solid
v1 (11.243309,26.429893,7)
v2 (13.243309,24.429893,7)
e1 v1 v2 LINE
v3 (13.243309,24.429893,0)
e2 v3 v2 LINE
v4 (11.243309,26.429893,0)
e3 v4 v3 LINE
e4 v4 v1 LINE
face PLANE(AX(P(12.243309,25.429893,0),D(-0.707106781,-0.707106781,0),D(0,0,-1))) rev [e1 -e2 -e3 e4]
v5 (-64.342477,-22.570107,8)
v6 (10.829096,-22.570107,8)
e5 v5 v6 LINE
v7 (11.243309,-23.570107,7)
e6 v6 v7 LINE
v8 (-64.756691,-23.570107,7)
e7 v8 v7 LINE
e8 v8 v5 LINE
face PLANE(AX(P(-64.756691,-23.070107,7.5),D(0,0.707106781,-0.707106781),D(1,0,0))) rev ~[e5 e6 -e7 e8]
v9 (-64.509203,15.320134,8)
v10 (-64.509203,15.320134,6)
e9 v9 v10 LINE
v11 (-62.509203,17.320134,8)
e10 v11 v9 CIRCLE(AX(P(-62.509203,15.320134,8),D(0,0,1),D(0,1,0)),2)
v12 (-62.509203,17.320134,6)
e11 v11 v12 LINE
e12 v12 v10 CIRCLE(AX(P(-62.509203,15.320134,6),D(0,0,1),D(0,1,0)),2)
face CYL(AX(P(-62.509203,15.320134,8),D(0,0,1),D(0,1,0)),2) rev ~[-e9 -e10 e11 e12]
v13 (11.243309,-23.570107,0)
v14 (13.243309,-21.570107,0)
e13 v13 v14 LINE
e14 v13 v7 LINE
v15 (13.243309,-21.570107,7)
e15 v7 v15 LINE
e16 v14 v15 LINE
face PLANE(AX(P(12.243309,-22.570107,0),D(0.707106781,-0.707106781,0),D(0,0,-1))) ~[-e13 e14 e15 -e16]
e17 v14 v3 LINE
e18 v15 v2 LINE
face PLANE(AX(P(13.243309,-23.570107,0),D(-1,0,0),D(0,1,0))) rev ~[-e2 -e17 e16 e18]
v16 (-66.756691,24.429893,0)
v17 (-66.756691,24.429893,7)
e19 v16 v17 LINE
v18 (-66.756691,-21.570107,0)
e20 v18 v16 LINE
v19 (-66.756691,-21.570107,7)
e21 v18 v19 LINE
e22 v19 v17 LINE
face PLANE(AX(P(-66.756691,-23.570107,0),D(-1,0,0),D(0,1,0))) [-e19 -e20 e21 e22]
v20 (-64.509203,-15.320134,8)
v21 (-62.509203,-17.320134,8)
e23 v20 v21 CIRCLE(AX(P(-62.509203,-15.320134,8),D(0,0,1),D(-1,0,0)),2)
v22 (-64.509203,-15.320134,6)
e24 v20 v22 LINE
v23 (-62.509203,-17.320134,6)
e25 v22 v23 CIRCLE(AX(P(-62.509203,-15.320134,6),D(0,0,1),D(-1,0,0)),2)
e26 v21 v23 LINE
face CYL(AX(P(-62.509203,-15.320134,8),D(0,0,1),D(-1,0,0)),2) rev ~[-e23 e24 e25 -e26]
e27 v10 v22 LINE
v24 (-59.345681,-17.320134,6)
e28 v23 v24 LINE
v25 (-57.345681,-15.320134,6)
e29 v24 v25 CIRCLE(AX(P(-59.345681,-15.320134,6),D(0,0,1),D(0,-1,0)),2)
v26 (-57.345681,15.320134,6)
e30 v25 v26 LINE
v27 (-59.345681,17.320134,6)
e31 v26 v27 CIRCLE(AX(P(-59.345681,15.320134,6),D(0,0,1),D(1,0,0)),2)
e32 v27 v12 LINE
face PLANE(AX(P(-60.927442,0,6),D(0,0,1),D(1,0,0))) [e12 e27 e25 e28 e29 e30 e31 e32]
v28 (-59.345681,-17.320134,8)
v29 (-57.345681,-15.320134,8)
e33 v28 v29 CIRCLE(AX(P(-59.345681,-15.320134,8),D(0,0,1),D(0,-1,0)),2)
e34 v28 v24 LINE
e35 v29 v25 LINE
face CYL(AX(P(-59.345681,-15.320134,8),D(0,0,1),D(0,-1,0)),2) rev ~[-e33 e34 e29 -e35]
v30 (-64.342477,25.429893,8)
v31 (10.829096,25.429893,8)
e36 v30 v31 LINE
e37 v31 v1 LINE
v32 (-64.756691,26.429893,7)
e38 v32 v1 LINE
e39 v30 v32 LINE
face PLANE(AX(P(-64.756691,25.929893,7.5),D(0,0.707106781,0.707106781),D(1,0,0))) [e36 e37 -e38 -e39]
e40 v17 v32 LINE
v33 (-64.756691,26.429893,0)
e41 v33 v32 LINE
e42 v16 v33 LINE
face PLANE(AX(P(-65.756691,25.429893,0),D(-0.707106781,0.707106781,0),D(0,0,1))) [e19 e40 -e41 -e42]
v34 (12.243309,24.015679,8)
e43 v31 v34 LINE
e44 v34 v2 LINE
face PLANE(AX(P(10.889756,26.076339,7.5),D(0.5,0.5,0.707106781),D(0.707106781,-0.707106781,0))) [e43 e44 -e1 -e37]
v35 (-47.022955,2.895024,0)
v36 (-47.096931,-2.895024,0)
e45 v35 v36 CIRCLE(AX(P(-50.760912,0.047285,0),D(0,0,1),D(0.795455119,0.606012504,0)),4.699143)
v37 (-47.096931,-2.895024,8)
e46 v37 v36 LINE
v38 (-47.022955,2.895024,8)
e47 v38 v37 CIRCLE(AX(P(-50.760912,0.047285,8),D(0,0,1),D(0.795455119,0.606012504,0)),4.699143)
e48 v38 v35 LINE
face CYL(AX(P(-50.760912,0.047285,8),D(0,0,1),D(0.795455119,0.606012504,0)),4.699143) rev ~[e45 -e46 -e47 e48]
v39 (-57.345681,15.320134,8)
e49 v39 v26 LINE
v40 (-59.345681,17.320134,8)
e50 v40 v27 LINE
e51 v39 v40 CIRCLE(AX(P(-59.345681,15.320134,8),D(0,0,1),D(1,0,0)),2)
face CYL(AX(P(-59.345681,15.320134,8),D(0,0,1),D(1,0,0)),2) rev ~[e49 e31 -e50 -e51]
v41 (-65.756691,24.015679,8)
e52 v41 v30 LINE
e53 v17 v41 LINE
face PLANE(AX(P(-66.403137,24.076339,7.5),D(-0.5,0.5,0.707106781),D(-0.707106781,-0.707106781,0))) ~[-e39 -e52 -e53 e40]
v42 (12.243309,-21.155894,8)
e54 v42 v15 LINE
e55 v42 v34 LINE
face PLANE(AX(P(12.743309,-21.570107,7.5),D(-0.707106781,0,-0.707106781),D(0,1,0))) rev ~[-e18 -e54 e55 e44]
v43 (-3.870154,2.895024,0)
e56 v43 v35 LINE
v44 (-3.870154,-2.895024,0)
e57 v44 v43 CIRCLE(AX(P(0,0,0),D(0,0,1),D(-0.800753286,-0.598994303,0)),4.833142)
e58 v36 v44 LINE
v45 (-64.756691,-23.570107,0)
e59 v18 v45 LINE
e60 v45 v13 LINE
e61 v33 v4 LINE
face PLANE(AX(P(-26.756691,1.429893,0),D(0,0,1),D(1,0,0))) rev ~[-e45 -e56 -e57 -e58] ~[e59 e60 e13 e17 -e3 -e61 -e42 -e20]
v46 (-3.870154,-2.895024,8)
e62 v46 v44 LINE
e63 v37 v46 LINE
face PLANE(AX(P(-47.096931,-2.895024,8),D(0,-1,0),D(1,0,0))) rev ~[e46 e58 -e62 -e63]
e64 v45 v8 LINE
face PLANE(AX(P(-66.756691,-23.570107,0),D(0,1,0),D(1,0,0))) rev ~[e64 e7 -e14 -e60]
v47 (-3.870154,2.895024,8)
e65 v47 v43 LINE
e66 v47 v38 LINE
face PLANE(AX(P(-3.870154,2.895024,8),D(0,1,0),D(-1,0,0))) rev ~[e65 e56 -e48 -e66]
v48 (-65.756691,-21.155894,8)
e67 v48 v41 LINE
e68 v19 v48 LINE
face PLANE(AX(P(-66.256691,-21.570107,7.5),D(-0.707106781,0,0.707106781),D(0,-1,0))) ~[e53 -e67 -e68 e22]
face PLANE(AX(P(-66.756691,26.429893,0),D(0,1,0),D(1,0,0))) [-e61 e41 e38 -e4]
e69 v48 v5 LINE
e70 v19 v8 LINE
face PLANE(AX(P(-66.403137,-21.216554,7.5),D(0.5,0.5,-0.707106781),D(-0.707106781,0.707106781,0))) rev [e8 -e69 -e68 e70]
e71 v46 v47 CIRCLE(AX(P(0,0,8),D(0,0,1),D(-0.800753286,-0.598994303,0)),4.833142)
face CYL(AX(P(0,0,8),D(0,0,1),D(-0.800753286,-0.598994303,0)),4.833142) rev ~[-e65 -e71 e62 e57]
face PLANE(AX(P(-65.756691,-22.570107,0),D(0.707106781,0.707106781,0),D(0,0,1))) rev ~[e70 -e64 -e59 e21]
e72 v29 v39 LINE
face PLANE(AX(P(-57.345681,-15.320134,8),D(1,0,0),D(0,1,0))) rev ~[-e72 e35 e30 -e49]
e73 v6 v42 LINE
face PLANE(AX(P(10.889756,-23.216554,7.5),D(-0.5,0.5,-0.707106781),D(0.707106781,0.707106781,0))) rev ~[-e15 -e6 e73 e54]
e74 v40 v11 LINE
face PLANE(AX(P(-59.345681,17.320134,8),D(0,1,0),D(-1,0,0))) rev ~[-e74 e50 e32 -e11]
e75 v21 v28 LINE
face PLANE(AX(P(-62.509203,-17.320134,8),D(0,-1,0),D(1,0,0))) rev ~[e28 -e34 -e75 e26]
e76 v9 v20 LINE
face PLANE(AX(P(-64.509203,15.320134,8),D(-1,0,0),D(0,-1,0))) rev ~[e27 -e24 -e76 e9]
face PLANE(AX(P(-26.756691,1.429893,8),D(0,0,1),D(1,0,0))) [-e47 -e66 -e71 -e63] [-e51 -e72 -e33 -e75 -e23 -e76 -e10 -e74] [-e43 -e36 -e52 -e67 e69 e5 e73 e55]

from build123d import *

# Parameters (mm, degrees)
F0_W     = 80
F0_H     = 50
F1_DEPTH = 8
F3_DEPTH = 25.4
F5_DEPTH = 2
F6_SIZE  = 2
F7_SIZE  = 1


with BuildPart() as f1:
    # F0 (on Top) → F1 (new body)
    with BuildSketch(Plane.XY):
        with Locations((-26.7566908151, 1.4298928609)):
            Rectangle(F0_W, F0_H)
    extrude(amount=F1_DEPTH)

    # F2 (on face) → F3 (cut)
    with BuildSketch(Plane.XY.offset(8)):
        with BuildLine():
            ThreePointArc((-3.870154056, -2.8950243141), (4.8331416487, 0), (-3.870154056, 2.8950243141))
            Line((-3.870154056, 2.8950243141), (-47.0229552257, 2.8950243141))
            ThreePointArc((-47.0229552257, 2.8950243141), (-55.4596716368, 0.1073182684), (-47.0969311879, -2.8950243141))
            Line((-47.0969311879, -2.8950243141), (-3.870154056, -2.8950243141))
        make_face()
    extrude(amount=-F3_DEPTH, mode=Mode.SUBTRACT)

    # F4 (on face) → F5 (cut)
    with BuildSketch(Plane.XY.offset(8)):
        with BuildLine():
            ThreePointArc((-57.3456808925, 15.3201337457), (-57.9314673301, 16.734347308), (-59.3456808925, 17.3201337457))
            Line((-59.3456808925, 17.3201337457), (-62.5092031037, 17.3201337457))
            ThreePointArc((-62.5092031037, 17.3201337457), (-63.9234166661, 16.734347308), (-64.5092031037, 15.3201337457))
            Line((-64.5092031037, 15.3201337457), (-64.5092031037, -15.3201337457))
            ThreePointArc((-64.5092031037, -15.3201337457), (-63.9234166661, -16.734347308), (-62.5092031037, -17.3201337457))
            Line((-62.5092031037, -17.3201337457), (-59.3456808925, -17.3201337457))
            ThreePointArc((-59.3456808925, -17.3201337457), (-57.9314673301, -16.734347308), (-57.3456808925, -15.3201337457))
            Line((-57.3456808925, -15.3201337457), (-57.3456808925, 15.3201337457))
        make_face()
    extrude(amount=-F5_DEPTH, mode=Mode.SUBTRACT)

    # F6
    f6_edges = [f1.edges().sort_by_distance(p)[0] for p in [
        (13.243309, 26.429893, 4),
        (13.243309, -23.570107, 4),
        (-66.756691, -23.570107, 4),
        (-66.756691, 26.429893, 4),
    ]]
    chamfer(f6_edges, length=F6_SIZE)

    # F7
    f7_edges = [f1.edges().sort_by_distance(p)[0] for p in [
        (-66.756691, 1.429893, 8),
        (-26.756691, 26.429893, 8),
        (-65.756691, 25.429893, 8),
        (-65.756691, -22.570107, 8),
        (13.243309, 1.429893, 8),
        (12.243309, 25.429893, 8),
        (12.243309, -22.570107, 8),
        (-26.756691, -23.570107, 8),
    ]]
    chamfer(f7_edges, length=F7_SIZE)


solid = f1.part
